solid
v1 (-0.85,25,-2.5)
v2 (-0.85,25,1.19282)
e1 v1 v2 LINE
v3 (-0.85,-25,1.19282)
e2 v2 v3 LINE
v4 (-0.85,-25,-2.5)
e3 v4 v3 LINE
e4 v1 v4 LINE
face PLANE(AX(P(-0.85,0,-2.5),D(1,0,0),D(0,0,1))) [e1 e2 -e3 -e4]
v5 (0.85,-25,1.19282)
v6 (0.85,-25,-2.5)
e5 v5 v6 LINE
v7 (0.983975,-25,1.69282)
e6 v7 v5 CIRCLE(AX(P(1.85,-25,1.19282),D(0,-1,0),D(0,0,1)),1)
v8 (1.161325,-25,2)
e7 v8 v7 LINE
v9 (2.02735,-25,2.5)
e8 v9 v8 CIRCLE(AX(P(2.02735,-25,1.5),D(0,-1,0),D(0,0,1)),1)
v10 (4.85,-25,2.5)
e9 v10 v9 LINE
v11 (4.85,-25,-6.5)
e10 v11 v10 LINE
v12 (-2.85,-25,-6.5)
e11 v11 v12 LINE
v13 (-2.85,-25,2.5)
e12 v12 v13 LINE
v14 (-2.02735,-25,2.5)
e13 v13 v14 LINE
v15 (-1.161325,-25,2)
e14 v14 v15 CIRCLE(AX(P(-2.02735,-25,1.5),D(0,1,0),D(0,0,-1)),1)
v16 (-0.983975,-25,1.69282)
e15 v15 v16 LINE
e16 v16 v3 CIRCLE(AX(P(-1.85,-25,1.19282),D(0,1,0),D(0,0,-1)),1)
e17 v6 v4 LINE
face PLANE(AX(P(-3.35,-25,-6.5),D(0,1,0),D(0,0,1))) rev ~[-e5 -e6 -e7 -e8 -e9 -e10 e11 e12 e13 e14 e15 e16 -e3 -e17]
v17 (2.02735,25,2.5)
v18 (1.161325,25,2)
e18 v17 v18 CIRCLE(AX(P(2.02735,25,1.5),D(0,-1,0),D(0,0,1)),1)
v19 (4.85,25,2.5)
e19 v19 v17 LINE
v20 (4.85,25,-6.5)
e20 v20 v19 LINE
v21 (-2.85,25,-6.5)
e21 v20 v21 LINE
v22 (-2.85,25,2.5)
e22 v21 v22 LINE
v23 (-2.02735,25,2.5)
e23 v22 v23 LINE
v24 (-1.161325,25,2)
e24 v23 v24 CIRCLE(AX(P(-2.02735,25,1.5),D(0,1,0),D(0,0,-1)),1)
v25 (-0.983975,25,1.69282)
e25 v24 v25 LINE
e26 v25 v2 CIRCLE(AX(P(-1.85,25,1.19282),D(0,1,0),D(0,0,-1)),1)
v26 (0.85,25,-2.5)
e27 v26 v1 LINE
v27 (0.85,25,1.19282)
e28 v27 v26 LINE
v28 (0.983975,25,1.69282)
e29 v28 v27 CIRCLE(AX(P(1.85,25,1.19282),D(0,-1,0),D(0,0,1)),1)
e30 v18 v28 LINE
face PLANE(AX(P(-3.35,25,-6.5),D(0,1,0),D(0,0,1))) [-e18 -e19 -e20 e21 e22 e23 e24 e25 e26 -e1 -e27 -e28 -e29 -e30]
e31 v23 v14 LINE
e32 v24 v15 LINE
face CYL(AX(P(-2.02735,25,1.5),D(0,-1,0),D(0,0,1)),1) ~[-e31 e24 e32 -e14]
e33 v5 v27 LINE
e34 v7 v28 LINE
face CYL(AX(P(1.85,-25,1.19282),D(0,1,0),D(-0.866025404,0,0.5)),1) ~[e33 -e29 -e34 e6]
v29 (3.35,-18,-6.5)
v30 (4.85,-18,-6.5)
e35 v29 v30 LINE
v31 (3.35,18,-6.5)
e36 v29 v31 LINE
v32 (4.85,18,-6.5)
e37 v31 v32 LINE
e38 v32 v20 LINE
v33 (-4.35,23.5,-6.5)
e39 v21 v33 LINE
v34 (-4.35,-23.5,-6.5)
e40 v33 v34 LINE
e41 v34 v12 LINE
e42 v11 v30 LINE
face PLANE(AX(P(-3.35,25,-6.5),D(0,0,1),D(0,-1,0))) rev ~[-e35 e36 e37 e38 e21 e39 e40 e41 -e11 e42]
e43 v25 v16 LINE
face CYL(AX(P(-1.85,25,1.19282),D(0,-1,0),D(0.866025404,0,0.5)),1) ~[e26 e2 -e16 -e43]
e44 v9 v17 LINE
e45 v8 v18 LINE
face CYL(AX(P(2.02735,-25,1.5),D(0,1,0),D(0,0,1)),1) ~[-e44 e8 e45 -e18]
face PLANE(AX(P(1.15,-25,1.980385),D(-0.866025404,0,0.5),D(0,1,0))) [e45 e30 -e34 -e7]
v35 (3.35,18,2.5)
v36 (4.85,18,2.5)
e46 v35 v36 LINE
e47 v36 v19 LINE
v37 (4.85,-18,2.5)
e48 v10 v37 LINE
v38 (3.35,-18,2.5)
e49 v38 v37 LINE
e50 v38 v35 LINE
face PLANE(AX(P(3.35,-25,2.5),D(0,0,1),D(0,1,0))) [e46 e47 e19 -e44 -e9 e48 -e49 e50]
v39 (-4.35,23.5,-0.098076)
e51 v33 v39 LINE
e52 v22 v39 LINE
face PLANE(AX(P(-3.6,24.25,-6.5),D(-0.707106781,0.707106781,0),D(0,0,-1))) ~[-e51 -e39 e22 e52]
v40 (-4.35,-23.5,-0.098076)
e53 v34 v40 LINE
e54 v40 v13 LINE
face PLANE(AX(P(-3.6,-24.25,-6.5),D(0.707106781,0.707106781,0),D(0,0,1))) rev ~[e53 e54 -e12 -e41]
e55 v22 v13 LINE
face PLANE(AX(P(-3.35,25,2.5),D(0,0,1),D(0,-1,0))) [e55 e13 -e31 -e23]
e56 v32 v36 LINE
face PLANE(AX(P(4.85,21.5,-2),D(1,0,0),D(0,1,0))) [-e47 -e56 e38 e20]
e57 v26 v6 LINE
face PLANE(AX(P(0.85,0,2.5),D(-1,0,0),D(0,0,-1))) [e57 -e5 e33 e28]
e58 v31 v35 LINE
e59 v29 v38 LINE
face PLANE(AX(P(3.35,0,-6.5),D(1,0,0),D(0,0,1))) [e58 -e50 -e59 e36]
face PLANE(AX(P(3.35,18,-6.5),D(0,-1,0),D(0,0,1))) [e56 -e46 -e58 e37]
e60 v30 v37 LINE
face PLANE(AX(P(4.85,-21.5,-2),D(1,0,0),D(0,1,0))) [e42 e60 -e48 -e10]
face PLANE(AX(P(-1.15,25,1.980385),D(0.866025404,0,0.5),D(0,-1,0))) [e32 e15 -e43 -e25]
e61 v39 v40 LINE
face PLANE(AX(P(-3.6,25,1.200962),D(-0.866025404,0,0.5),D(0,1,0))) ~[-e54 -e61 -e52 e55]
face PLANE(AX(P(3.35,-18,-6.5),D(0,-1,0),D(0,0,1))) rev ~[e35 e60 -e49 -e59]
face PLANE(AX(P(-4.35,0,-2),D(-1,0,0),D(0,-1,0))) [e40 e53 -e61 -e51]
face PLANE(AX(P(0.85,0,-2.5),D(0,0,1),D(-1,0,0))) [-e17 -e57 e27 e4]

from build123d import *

# Parameters (mm, degrees)
F1_DEPTH = 25
F2_SIZE2 = 1.0392304845
F2_SIZE  = 0.6
F3_SIZE2 = 1.0392304845
F3_SIZE  = 0.6
F4_W     = 7
F4_H     = 9
F5_DEPTH = 1.5
F6_W     = 50
F6_H     = 9
F7_DEPTH = 1
F8_SIZE2 = 2.5980762114
F8_SIZE  = 1.5
F9_SIZE  = 1.5
F10_R    = 1


with BuildPart() as f1:
    # F0 (on Front) → F1 (new body, symmetric)
    with BuildSketch(Plane.XZ):
        Polygon((0.85, 2.5), (0.85, -2.5), (-0.85, -2.5), (-0.85, 2.5), (-3.35, 2.5), (-3.35, -6.5), (3.35, -6.5), (3.35, 2.5), align=None)
    extrude(amount=F1_DEPTH, both=True)

    # F2
    f2_edges = [f1.edges().sort_by_distance(p)[0] for p in [
        (-0.85, 0, 2.5),
    ]]
    f2_side = f1.faces().sort_by_distance((-2.1, 0, 2.5))[0]
    chamfer(f2_edges, length=F2_SIZE, length2=F2_SIZE2, reference=f2_side)

    # F3
    f3_edges = [f1.edges().sort_by_distance(p)[0] for p in [
        (0.85, 0, 2.5),
    ]]
    f3_side = f1.faces().sort_by_distance((2.1, 0, 2.5))[0]
    chamfer(f3_edges, length=F3_SIZE, length2=F3_SIZE2, reference=f3_side)

    # F4 (on face) → F5 (join)
    with BuildSketch(Plane.YZ.offset(3.35)):
        with Locations((-21.5, -2)):
            Rectangle(F4_W, F4_H)
        with Locations((21.5, -2)):
            Rectangle(F4_W, F4_H)
    extrude(amount=F5_DEPTH)

    # F6 (on face) → F7 (join)
    with BuildSketch(Plane(origin=(-3.35, 0, 0), x_dir=(0, -1, 0), z_dir=(-1, 0, 0))):
        with Locations((0, -2)):
            Rectangle(F6_W, F6_H)
    extrude(amount=F7_DEPTH)

    # F8
    f8_edges = [f1.edges().sort_by_distance(p)[0] for p in [
        (-4.35, 0, 2.5),
    ]]
    f8_side = f1.faces().sort_by_distance((-2.9, 0, 2.5))[0]
    chamfer(f8_edges, length=F8_SIZE, length2=F8_SIZE2, reference=f8_side)

    # F9
    f9_edges = [f1.edges().sort_by_distance(p)[0] for p in [
        (-4.35, -25, -3.299038),
        (-4.35, 25, -3.299038),
    ]]
    chamfer(f9_edges, length=F9_SIZE)

    # F10
    f10_edges = [f1.edges().sort_by_distance(p)[0] for p in [
        (-0.85, 0, 1.46077),
        (-1.45, 0, 2.5),
        (1.45, 0, 2.5),
        (0.85, 0, 1.46077),
    ]]
    fillet(f10_edges, radius=F10_R)


solid = f1.part
